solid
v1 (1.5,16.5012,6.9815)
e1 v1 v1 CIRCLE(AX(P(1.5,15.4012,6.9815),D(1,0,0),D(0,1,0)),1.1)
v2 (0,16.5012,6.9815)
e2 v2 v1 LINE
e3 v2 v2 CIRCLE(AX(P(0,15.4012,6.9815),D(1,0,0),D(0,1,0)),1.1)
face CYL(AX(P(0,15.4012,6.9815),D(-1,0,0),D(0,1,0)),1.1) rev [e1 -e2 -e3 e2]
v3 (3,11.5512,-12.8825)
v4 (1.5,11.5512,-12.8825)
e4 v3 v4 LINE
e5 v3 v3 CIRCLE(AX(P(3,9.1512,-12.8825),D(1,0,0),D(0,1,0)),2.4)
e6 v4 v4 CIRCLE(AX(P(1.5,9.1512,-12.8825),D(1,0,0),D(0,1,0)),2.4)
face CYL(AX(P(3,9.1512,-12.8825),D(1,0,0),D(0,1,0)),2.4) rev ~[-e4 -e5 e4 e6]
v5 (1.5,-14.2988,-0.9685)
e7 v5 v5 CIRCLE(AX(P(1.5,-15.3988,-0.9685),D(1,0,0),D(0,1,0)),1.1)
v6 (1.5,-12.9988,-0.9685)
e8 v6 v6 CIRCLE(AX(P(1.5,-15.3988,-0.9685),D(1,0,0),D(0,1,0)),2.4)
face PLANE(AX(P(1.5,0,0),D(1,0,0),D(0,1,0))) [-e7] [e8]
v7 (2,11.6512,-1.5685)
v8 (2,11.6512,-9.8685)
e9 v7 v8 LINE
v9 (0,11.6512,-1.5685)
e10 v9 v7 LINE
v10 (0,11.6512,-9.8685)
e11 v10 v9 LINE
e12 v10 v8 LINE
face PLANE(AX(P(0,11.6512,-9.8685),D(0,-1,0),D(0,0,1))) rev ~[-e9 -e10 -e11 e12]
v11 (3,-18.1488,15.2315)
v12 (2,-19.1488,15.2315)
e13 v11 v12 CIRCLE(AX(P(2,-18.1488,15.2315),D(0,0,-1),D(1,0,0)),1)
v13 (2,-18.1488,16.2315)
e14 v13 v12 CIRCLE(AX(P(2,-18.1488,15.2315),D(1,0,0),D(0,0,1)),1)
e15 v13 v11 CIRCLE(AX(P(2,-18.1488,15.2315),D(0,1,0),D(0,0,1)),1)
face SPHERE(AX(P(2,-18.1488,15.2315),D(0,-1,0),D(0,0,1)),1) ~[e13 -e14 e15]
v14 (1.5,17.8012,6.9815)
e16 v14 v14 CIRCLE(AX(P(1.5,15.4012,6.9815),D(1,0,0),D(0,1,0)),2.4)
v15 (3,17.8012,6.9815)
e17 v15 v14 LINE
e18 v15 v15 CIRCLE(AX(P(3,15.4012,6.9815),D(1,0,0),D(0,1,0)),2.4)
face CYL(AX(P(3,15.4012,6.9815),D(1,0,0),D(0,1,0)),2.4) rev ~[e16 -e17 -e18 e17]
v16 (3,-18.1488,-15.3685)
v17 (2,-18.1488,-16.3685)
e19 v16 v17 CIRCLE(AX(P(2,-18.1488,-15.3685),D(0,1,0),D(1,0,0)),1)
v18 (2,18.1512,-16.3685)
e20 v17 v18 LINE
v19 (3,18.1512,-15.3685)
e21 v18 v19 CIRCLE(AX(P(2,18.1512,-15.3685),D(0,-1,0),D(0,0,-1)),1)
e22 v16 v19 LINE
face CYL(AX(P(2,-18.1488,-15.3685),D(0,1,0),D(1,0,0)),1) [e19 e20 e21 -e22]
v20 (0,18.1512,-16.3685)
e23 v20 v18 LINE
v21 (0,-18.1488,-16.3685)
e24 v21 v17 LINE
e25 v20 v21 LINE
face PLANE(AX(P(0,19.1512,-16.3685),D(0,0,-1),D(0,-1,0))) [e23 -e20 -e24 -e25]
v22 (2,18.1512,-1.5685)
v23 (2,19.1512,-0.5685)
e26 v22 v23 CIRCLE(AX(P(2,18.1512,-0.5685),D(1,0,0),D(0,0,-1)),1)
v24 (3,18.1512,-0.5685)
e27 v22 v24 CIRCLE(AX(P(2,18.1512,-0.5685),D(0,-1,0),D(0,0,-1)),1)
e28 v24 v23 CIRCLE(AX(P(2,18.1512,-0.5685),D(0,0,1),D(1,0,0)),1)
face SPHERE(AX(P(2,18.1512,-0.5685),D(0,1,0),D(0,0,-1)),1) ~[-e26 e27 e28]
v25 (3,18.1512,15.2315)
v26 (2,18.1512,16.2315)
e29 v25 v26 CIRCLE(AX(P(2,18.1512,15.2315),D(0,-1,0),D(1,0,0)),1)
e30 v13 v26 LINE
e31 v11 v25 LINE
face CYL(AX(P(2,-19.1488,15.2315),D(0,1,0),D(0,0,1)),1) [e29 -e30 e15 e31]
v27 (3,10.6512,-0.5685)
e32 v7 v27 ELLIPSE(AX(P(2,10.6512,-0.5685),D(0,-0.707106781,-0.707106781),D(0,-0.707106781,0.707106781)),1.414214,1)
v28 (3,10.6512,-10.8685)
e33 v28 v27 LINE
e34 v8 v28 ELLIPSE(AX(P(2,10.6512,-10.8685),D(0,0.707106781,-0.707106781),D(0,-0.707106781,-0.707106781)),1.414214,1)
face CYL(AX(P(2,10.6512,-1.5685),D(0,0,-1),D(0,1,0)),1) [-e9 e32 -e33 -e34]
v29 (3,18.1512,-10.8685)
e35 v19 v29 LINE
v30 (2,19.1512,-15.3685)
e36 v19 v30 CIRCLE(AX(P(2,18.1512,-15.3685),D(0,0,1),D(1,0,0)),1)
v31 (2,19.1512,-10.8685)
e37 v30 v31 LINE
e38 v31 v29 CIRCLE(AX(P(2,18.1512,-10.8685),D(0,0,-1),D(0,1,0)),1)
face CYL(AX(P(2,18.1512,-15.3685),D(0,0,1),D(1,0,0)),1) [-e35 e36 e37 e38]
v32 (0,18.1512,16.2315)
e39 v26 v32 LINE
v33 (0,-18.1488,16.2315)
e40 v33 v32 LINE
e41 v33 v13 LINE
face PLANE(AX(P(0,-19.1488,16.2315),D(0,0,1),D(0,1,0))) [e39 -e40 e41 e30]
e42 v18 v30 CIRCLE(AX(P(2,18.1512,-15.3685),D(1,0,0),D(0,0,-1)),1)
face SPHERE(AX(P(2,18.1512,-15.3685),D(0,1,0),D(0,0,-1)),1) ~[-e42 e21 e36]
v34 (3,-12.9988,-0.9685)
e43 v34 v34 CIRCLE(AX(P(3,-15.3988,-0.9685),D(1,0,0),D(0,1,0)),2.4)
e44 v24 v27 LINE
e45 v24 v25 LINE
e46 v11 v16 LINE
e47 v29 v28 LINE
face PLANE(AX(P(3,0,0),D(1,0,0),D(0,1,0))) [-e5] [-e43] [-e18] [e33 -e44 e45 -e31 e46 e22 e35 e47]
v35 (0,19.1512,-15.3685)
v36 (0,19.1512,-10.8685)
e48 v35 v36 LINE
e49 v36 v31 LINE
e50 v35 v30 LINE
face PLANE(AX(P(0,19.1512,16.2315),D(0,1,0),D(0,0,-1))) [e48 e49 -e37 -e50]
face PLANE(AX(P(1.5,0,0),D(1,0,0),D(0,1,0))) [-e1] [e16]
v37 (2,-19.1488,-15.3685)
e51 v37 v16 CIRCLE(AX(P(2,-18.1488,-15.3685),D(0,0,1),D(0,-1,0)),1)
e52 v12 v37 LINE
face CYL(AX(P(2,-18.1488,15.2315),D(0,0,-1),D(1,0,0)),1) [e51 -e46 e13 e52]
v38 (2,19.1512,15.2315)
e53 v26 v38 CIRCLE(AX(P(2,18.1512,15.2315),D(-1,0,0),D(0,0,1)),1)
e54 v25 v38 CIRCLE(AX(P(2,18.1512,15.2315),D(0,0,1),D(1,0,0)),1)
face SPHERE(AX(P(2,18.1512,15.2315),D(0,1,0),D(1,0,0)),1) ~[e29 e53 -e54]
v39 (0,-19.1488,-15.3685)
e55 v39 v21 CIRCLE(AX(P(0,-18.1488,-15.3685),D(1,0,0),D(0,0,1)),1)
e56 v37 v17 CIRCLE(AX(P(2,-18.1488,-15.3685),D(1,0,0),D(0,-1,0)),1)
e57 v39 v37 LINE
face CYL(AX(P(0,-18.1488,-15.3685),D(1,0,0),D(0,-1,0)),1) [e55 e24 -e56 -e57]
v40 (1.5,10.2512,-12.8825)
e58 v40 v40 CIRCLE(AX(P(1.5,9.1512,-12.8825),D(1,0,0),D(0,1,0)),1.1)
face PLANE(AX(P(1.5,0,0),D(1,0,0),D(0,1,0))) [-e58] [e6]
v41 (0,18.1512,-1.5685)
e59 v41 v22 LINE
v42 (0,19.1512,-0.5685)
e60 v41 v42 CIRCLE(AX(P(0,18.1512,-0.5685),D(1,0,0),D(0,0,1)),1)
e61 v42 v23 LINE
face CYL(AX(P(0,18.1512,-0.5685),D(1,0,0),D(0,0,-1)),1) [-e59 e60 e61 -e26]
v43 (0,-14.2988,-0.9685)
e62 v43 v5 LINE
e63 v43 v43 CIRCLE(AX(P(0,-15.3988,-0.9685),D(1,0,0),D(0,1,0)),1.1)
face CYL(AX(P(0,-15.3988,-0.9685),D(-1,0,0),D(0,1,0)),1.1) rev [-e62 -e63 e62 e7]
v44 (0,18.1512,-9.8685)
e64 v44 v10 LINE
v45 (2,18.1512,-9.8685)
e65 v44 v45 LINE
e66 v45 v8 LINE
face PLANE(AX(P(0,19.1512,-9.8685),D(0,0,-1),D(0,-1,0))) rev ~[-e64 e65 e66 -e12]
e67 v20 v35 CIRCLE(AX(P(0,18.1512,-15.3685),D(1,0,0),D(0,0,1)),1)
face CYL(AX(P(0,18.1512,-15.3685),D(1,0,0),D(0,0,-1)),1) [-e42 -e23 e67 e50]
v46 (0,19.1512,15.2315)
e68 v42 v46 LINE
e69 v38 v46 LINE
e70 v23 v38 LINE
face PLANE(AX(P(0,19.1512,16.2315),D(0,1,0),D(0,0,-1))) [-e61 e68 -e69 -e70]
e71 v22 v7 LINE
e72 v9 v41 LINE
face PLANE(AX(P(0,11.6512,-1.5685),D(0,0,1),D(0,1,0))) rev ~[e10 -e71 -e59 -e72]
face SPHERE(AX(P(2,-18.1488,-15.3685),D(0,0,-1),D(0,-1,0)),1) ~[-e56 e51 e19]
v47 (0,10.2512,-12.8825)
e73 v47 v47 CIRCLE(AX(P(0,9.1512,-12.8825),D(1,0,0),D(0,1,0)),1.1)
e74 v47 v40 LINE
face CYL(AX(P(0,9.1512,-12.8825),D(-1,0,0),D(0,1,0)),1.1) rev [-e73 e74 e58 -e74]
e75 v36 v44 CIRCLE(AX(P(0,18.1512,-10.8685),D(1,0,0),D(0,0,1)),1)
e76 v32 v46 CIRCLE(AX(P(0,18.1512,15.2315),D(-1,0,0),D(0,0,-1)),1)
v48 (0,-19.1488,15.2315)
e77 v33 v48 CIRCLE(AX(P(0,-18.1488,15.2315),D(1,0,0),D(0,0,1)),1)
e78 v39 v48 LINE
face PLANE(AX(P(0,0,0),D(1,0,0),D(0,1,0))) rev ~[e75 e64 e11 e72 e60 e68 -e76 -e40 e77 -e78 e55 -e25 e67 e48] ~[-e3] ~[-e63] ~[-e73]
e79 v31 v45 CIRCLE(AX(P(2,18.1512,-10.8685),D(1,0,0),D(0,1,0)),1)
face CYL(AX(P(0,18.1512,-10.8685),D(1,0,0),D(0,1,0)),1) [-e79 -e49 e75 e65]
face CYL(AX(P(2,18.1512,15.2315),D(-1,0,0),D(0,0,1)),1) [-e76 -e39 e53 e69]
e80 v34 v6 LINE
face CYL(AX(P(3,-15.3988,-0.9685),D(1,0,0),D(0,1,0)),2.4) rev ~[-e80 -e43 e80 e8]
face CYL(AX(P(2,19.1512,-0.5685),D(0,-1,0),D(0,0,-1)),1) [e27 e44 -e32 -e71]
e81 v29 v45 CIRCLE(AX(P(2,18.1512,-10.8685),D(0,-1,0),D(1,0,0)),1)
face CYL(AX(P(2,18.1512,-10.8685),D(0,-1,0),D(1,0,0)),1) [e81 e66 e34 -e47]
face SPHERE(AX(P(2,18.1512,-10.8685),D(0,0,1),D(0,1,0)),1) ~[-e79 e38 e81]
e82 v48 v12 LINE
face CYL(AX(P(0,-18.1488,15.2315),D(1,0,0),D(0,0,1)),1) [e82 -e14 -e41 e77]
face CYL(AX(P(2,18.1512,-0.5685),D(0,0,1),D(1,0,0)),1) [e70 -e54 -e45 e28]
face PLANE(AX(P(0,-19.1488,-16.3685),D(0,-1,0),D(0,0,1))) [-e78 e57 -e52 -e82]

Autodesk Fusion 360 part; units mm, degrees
sketch "Sketch1" plane through (0, 0, 0) normal (1, 0, 0) x (0, 1, 0)
  line L0 (-19.1488, 16.2315) -> (19.1512, 16.2315)
  line L1 (19.1512, 16.2315) -> (19.1512, -16.3685)
  line L2 (19.1512, -16.3685) -> (-19.1488, -16.3685)
  line L3 (-19.1488, -16.3685) -> (-19.1488, 16.2315)
  circle A0 centre (-15.3988, -0.9685) radius 1.1
  circle A1 centre (15.4012, 6.9815) radius 1.1
  circle A2 centre (9.1512, -12.8825) radius 1.1
  line L4 (19.1512, -9.8685) -> (11.6512, -9.8685)
  line L5 (11.6512, -9.8685) -> (11.6512, -1.5685)
  line L6 (11.6512, -1.5685) -> (19.1512, -1.5685)
  line L7 (19.1512, -1.5685) -> (19.1512, -9.8685)
  dimension "d1" = 38.3
  dimension "d2" = 32.6
  dimension "d3" = 2.2
  dimension "d4" = 15.4
  dimension "d5" = 3.75
  dimension "d6" = 2.2
  dimension "d7" = 9.25
  dimension "d8" = 3.75
  dimension "d9" = 2.2
  dimension "d10" = 10
  dimension "d11" = 3.486
  dimension "d23" = 7.5
  dimension "d24" = 8.3
  dimension "d25" = 6.5
extrude "Extrude1" add sketch "Sketch1" along normal blind 3
sketch "Sketch2" plane through (3, 0, 0) normal (1, 0, 0) x (0, 1, 0)
  circle A0 centre (9.1512, -12.8825) radius 1.1
  circle A1 centre (15.4012, 6.9815) radius 1.1
  circle A2 centre (-15.3988, -0.9685) radius 1.1
  line L0 (-19.1488, -16.3685) -> (19.1512, -16.3685)
  line L1 (19.1512, -16.3685) -> (19.1512, 16.2315)
  line L2 (19.1512, 16.2315) -> (-19.1488, 16.2315)
  line L3 (-19.1488, 16.2315) -> (-19.1488, -16.3685)
  circle A3 centre (-15.3988, -0.9685) radius 2.4
  circle A4 centre (9.1512, -12.8825) radius 2.4
  circle A5 centre (15.4012, 6.9815) radius 2.4
  dimension "d14" = 4.8
  dimension "d15" = 4.8
  dimension "d16" = 4.8
extrude "Extrude2" cut sketch "Sketch2" against normal blind 1.5 contours A3
extrude "Extrude3" cut sketch "Sketch2" against normal blind 1.5 contours A4
extrude "Extrude4" cut sketch "Sketch2" against normal blind 1.5 contours A5
extrude "Extrude5" cut sketch "Sketch1" along normal blind 3 contours L1 L4 L5 L6 L7
fillet "Fillet1" radius 1 1 edges at (3, 0.0012, 16.2315)
fillet "Fillet2" radius 1 3 edges at (1, -19.1488, 16.2315) (2.7071, -19.1488, 15.9387) (3, -19.1488, -0.5685)
fillet "Fillet3" radius 1 3 edges at (1, -19.1488, -16.3685) (2.7071, -18.856, -16.3685) (3, 0.5012, -16.3685)
fillet "Fillet4" radius 1 3 edges at (1, 19.1512, -16.3685) (2.7071, 19.1512, -16.0756) (3, 19.1512, -12.6185)
fillet "Fillet5" radius 1 3 edges at (1, 19.1512, -9.8685) (2.7071, 18.8583, -9.8685) (3, 14.9012, -9.8685)
fillet "Fillet6" radius 1 1 edges at (3, 11.6512, -6.2185)
fillet "Fillet7" radius 1 1 edges at (3, 14.9012, -1.5685)
fillet "Fillet8" radius 1 5 edges at (1, 19.1512, -1.5685) (2.7071, 19.1512, -1.2756) (3, 19.1512, 7.3315) (2.7071, 19.1512, 15.9387) (1, 19.1512, 16.2315)
